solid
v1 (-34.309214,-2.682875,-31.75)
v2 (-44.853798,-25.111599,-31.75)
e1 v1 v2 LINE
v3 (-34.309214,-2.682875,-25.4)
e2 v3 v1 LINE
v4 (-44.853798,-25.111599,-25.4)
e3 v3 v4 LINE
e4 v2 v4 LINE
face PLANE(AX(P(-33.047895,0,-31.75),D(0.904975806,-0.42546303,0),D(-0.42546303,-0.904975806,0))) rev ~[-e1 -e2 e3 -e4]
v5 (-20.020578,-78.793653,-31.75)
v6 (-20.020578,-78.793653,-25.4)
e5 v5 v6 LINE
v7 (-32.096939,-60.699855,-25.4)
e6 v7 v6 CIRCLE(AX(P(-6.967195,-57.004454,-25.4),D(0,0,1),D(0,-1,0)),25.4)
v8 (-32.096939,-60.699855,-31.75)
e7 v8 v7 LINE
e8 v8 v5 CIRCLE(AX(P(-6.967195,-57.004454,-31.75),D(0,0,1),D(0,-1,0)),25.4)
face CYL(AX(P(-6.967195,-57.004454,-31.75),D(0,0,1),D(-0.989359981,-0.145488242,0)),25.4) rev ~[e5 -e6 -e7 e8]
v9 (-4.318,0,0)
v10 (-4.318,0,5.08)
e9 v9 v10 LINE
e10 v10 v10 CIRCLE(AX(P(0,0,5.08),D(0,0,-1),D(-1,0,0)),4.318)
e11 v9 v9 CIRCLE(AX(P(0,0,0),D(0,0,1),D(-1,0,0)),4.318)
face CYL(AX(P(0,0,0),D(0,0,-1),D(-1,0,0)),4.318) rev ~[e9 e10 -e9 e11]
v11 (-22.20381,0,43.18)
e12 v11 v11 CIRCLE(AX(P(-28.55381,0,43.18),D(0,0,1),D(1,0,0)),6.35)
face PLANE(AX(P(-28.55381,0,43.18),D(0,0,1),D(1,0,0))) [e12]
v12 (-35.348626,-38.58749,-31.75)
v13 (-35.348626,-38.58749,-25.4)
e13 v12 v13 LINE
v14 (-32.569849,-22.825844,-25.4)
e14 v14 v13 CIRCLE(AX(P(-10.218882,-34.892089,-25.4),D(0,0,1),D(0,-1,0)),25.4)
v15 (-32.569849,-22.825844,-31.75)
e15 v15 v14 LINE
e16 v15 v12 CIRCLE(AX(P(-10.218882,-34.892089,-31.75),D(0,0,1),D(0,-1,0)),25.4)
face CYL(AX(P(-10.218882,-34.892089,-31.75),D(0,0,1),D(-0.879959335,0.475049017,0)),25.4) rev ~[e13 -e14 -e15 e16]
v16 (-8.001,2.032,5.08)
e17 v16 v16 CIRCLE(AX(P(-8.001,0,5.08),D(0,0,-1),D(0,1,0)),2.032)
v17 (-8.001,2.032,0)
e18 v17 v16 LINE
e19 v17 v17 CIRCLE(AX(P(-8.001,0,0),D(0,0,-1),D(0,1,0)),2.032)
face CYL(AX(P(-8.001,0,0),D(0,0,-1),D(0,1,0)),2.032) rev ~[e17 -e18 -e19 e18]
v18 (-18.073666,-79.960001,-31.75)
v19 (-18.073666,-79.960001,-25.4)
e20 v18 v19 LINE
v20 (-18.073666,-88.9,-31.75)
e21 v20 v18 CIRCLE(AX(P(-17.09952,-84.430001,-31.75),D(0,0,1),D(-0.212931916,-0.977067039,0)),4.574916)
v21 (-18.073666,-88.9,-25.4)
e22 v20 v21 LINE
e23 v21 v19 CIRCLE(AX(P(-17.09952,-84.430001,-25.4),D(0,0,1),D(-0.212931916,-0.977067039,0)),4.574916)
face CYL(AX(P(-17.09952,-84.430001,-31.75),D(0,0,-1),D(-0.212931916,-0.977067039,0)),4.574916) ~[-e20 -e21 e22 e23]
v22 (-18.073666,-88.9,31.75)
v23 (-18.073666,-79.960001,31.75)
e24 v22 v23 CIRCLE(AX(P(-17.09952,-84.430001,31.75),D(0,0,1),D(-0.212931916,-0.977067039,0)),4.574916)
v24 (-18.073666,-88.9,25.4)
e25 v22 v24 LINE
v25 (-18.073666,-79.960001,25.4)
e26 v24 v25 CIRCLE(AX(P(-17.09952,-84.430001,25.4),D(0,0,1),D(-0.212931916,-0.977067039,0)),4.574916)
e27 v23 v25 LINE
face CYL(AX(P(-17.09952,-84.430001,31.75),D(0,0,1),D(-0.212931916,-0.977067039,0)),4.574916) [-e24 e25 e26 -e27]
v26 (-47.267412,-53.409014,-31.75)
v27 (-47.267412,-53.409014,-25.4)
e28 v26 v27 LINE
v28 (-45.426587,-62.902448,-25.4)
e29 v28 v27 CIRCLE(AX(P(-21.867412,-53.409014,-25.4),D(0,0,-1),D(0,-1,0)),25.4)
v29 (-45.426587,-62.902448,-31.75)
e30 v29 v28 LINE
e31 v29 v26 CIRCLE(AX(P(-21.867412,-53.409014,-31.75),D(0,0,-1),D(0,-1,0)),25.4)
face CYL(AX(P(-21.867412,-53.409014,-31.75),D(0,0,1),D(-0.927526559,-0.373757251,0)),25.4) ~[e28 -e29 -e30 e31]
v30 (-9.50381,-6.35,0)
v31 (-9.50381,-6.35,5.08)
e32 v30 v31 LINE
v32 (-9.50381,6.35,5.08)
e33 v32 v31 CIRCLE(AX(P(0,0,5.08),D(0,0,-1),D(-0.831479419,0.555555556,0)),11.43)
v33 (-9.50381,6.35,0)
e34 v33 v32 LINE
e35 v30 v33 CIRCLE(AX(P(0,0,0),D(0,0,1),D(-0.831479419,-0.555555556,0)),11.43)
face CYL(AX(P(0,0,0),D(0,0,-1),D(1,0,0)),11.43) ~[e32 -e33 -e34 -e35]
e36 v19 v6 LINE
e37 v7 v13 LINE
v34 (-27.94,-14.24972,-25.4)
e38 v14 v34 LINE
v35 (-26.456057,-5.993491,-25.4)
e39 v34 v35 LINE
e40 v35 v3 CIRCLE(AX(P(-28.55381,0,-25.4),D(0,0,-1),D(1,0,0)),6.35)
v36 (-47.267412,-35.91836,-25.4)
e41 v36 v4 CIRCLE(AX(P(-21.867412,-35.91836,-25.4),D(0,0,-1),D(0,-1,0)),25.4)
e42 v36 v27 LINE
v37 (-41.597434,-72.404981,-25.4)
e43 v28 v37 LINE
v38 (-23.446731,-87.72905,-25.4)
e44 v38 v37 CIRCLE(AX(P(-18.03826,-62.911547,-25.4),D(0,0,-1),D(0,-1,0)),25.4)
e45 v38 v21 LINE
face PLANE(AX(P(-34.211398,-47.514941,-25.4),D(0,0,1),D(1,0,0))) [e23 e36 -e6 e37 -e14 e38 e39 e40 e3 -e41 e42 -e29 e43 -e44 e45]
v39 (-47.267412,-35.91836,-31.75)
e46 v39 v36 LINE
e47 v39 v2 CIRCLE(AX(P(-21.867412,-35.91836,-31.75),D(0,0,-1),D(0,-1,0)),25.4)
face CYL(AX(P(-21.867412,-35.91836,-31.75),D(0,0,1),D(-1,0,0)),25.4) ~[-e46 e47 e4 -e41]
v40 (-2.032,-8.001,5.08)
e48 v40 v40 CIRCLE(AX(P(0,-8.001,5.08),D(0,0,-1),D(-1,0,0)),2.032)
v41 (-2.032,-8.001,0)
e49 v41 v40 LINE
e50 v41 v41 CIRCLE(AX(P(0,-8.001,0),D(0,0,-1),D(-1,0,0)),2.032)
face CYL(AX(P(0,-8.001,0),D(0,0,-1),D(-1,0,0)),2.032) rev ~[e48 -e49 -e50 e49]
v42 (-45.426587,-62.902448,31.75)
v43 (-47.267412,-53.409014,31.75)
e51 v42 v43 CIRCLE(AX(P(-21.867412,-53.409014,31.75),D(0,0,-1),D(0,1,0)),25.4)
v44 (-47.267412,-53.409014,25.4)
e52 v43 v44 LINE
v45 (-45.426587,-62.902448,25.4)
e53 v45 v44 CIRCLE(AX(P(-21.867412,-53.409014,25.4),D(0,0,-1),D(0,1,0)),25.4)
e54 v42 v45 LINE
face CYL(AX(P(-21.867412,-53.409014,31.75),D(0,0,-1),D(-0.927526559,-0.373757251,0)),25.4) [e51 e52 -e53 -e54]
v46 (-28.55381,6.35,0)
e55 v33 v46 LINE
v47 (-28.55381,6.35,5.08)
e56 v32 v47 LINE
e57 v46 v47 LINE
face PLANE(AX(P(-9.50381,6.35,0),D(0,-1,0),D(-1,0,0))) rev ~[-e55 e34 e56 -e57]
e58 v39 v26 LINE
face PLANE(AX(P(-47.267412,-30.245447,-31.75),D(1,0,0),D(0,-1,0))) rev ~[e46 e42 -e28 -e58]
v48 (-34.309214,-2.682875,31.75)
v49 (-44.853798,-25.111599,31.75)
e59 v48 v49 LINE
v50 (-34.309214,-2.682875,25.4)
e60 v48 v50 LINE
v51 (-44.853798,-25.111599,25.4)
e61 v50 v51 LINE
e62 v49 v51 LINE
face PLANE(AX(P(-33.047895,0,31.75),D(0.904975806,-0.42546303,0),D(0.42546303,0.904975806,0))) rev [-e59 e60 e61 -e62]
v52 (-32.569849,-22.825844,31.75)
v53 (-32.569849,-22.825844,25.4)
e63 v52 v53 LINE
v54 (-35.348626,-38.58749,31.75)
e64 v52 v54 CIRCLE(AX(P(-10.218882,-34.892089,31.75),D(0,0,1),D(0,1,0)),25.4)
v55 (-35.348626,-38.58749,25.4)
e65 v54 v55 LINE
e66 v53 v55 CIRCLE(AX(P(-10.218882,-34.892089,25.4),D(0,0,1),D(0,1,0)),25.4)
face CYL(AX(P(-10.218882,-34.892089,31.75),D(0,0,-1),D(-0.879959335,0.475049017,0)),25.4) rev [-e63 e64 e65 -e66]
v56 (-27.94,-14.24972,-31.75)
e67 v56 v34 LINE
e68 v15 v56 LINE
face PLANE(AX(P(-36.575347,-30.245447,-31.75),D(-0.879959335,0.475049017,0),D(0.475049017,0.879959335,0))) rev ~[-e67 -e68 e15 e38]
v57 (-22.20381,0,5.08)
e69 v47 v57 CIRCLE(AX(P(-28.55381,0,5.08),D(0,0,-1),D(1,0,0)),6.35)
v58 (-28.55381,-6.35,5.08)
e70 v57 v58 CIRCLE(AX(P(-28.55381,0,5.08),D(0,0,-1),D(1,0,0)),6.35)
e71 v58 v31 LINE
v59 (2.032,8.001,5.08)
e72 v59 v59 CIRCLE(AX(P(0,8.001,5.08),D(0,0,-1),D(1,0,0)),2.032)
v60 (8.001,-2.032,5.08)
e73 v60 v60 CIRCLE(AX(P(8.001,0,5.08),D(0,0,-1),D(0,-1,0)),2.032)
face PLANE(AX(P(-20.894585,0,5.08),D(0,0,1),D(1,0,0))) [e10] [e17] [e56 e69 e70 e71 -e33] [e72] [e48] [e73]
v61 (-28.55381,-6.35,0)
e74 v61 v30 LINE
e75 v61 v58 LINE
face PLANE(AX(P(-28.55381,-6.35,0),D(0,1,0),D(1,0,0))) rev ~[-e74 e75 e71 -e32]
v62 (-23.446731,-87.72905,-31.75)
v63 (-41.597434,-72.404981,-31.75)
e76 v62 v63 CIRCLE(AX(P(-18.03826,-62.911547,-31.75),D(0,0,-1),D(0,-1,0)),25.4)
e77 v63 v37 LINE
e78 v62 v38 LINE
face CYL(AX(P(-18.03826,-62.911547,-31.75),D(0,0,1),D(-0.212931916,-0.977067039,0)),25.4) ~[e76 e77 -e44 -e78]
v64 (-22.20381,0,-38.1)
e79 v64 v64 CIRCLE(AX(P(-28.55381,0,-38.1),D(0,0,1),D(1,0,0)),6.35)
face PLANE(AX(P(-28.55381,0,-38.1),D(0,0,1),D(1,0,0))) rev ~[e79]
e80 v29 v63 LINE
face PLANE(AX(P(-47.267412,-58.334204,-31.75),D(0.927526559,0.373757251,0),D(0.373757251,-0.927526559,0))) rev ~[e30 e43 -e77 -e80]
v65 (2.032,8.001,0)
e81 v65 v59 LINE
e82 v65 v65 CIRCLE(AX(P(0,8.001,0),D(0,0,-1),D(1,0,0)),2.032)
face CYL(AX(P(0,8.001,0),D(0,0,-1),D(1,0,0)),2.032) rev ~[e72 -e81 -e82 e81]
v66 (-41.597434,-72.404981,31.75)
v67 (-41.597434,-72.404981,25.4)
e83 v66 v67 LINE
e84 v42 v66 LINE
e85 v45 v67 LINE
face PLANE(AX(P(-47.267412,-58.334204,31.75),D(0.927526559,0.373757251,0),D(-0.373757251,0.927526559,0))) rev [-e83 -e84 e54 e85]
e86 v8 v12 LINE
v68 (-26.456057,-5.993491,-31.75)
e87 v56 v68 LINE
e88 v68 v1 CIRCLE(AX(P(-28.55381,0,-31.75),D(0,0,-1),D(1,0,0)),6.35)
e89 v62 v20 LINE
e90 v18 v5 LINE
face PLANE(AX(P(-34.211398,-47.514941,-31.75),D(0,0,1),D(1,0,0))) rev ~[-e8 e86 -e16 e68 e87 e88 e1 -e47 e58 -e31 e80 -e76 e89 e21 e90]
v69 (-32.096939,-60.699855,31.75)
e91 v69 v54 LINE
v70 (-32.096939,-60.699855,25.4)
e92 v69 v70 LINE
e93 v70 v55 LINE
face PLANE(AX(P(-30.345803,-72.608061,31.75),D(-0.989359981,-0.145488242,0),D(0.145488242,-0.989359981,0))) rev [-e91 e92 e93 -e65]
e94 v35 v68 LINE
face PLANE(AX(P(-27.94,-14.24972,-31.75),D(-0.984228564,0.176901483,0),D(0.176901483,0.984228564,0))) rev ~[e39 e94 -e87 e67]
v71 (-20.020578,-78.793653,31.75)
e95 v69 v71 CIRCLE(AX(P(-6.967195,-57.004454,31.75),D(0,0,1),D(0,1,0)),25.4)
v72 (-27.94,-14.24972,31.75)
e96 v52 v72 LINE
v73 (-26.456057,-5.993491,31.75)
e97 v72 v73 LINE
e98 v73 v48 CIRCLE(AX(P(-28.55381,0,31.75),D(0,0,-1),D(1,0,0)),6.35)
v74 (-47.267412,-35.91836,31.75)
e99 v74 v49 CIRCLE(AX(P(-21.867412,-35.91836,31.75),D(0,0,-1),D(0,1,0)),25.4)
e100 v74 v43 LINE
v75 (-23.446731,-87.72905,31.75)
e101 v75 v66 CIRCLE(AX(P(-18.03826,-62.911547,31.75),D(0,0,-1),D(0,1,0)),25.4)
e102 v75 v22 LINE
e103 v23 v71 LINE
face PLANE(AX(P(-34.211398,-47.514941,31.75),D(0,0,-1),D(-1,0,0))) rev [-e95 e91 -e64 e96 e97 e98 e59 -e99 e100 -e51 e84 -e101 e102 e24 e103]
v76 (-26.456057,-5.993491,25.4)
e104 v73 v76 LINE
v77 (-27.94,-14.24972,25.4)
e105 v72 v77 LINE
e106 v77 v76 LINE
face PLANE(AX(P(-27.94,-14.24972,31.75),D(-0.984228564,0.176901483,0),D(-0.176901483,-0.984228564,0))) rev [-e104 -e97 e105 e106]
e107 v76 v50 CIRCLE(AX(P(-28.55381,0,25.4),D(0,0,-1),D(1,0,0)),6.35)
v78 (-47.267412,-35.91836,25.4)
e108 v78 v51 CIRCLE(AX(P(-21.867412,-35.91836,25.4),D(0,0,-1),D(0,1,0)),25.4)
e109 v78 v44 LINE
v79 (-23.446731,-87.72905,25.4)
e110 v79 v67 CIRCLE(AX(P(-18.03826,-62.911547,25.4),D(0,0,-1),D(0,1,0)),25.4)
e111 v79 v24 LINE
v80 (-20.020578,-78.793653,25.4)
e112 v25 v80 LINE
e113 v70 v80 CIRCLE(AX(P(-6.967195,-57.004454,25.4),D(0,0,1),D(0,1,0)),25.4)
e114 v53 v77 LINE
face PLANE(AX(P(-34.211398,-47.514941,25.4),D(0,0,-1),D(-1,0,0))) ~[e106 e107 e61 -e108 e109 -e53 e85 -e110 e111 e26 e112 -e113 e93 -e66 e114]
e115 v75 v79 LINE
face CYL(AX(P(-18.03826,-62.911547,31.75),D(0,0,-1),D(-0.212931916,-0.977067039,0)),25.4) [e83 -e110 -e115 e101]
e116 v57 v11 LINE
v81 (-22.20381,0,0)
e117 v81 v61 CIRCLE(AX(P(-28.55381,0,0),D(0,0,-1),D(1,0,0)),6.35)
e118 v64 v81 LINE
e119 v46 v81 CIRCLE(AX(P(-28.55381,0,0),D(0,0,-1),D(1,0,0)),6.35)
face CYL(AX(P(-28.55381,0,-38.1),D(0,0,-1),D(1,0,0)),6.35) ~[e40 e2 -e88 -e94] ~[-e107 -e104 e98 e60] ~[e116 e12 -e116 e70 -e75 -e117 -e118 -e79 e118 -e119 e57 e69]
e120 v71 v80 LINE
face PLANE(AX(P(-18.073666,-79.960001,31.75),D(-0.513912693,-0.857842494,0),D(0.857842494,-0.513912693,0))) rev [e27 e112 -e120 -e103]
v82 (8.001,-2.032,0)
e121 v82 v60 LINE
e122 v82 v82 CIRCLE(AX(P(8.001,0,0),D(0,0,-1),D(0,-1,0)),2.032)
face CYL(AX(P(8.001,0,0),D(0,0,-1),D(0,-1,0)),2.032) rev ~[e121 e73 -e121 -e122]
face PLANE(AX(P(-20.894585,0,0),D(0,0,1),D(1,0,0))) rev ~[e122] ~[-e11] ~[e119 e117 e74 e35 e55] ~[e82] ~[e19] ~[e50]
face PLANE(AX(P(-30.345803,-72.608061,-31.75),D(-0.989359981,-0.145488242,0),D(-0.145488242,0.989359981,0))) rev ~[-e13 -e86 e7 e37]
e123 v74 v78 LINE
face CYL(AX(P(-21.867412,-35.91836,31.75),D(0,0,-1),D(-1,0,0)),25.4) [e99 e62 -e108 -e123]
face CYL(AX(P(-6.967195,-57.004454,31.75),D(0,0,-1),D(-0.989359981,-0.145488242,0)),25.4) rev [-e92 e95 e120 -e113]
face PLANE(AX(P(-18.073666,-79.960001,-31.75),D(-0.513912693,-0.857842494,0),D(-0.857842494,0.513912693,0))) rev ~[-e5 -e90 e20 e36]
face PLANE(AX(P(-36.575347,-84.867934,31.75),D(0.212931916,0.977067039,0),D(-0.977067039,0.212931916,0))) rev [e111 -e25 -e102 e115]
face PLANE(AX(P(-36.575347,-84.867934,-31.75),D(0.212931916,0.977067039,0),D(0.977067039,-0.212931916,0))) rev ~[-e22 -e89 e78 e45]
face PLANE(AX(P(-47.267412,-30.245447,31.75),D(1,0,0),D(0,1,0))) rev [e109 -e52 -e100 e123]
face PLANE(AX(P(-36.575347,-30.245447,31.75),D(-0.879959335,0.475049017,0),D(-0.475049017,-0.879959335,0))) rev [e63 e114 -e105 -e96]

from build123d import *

# Parameters (mm, degrees)
SKETCH2_R                = 11.43
BOSS_EXTRUDE1_DEPTH      = 5.08
SKETCH4_R                = 4.318
SKETCH4_R_2              = 2.032
CUT_EXTRUDE1_DEPTH       = 5.08
BOSS_EXTRUDE2_DEPTH      = 5.08
CIRPATTERN1_COUNT        = 4
BOSS_EXTRUDE3_DEPTH      = 38.1
BOSS_EXTRUDE3_DEPTH_BACK = 43.18
SKETCH9_R                = 6.35
BOSS_EXTRUDE4_DEPTH      = 6.35
FILLET1_R                = 25.4
FILLET1_OF_MIRROR1_R     = 25.4


with BuildPart() as part:
    # Sketch2 → Boss-Extrude1 (new body)
    with BuildSketch(Plane.XY):
        Circle(SKETCH2_R)
    extrude(amount=BOSS_EXTRUDE1_DEPTH)

    # Sketch4 → Cut-Extrude1 (cut)
    with BuildSketch(Plane(origin=(0, 0, 0), x_dir=(-1, 0, 0), z_dir=(0, 0, -1))):
        Circle(SKETCH4_R)
        with Locations((0, -8.001)):
            Circle(SKETCH4_R_2)
    cut_extrude1 = extrude(amount=-CUT_EXTRUDE1_DEPTH, mode=Mode.SUBTRACT)

    # Sketch7 → Boss-Extrude2 (add)
    with BuildSketch(Plane(origin=(0, 0, 0), x_dir=(-1, 0, 0), z_dir=(0, 0, -1))):
        with BuildLine():
            Line((9.503809762, 6.35), (28.553809762, 6.35))
            ThreePointArc((28.553809762, 6.35), (34.903809762, 0), (28.553809762, -6.35))
            Line((28.553809762, -6.35), (9.503809762, -6.35))
            Line((9.503809762, -6.35), (9.503809762, 6.35))
        make_face()
    extrude(amount=-BOSS_EXTRUDE2_DEPTH)

    # CirPattern1: Cut-Extrude1 ×4 about axis
    cirpattern1_axis = Axis((0, 0, 0), (0, 0, 1))
    for i in range(1, CIRPATTERN1_COUNT):
        add(cut_extrude1.rotate(cirpattern1_axis, i * 360 / CIRPATTERN1_COUNT), mode=Mode.SUBTRACT)

    # Sketch9 → Boss-Extrude3 (add, two sides: drawn at the far end of the back side and taken through both)
    with BuildSketch(Plane.XY.offset(5.08).offset(-BOSS_EXTRUDE3_DEPTH_BACK)):
        with Locations((-28.553809762, 0)):
            Circle(SKETCH9_R)
    extrude(amount=BOSS_EXTRUDE3_DEPTH + BOSS_EXTRUDE3_DEPTH_BACK)

    # Sketch12 → Boss-Extrude4 (add)
    with BuildSketch(Plane.XY.offset(-31.75)):
        with BuildLine():
            Line((-25.378809762, 0), (-33.047894508, 0))
            Line((-33.047894508, 0), (-47.267412368, -30.245447294))
            Line((-47.267412368, -30.245447294), (-47.267412368, -58.33420365))
            Line((-47.267412368, -58.33420365), (-36.57534741, -84.867934272))
            Line((-36.57534741, -84.867934272), (-18.073665796, -88.9))
            ThreePointArc((-18.073665796, -88.9), (-12.52460446, -84.430000607), (-18.073665796, -79.960001215))
            Line((-18.073665796, -79.960001215), (-30.345802798, -72.608060715))
            Line((-30.345802798, -72.608060715), (-36.57534741, -30.245447294))
            Line((-36.57534741, -30.245447294), (-27.94, -14.249719927))
            Line((-27.94, -14.249719927), (-25.378809762, 0))
        make_face()
    boss_extrude4 = extrude(amount=BOSS_EXTRUDE4_DEPTH)

    # Fillet1
    fillet1_edges = [part.edges().sort_by_distance(p)[0] for p in [
        (-36.57534741, -84.867934272, -28.575),
        (-30.345802798, -72.608060715, -28.575),
        (-36.57534741, -30.245447294, -28.575),
        (-47.267412368, -30.245447294, -28.575),
        (-47.267412368, -58.33420365, -28.575),
    ]]
    fillet(fillet1_edges, radius=FILLET1_R)

    # Mirror1: Boss-Extrude4 across plane
    add(boss_extrude4.mirror(Plane.XY))

    # Fillet1 of Mirror1
    fillet1_of_mirror1_edges = [part.edges().sort_by_distance(p)[0] for p in [
        (-36.57534741, -84.867934272, 28.575),
        (-30.345802798, -72.608060715, 28.575),
        (-36.57534741, -30.245447294, 28.575),
        (-47.267412368, -30.245447294, 28.575),
        (-47.267412368, -58.33420365, 28.575),
    ]]
    fillet(fillet1_of_mirror1_edges, radius=FILLET1_OF_MIRROR1_R)


solid = part.part
